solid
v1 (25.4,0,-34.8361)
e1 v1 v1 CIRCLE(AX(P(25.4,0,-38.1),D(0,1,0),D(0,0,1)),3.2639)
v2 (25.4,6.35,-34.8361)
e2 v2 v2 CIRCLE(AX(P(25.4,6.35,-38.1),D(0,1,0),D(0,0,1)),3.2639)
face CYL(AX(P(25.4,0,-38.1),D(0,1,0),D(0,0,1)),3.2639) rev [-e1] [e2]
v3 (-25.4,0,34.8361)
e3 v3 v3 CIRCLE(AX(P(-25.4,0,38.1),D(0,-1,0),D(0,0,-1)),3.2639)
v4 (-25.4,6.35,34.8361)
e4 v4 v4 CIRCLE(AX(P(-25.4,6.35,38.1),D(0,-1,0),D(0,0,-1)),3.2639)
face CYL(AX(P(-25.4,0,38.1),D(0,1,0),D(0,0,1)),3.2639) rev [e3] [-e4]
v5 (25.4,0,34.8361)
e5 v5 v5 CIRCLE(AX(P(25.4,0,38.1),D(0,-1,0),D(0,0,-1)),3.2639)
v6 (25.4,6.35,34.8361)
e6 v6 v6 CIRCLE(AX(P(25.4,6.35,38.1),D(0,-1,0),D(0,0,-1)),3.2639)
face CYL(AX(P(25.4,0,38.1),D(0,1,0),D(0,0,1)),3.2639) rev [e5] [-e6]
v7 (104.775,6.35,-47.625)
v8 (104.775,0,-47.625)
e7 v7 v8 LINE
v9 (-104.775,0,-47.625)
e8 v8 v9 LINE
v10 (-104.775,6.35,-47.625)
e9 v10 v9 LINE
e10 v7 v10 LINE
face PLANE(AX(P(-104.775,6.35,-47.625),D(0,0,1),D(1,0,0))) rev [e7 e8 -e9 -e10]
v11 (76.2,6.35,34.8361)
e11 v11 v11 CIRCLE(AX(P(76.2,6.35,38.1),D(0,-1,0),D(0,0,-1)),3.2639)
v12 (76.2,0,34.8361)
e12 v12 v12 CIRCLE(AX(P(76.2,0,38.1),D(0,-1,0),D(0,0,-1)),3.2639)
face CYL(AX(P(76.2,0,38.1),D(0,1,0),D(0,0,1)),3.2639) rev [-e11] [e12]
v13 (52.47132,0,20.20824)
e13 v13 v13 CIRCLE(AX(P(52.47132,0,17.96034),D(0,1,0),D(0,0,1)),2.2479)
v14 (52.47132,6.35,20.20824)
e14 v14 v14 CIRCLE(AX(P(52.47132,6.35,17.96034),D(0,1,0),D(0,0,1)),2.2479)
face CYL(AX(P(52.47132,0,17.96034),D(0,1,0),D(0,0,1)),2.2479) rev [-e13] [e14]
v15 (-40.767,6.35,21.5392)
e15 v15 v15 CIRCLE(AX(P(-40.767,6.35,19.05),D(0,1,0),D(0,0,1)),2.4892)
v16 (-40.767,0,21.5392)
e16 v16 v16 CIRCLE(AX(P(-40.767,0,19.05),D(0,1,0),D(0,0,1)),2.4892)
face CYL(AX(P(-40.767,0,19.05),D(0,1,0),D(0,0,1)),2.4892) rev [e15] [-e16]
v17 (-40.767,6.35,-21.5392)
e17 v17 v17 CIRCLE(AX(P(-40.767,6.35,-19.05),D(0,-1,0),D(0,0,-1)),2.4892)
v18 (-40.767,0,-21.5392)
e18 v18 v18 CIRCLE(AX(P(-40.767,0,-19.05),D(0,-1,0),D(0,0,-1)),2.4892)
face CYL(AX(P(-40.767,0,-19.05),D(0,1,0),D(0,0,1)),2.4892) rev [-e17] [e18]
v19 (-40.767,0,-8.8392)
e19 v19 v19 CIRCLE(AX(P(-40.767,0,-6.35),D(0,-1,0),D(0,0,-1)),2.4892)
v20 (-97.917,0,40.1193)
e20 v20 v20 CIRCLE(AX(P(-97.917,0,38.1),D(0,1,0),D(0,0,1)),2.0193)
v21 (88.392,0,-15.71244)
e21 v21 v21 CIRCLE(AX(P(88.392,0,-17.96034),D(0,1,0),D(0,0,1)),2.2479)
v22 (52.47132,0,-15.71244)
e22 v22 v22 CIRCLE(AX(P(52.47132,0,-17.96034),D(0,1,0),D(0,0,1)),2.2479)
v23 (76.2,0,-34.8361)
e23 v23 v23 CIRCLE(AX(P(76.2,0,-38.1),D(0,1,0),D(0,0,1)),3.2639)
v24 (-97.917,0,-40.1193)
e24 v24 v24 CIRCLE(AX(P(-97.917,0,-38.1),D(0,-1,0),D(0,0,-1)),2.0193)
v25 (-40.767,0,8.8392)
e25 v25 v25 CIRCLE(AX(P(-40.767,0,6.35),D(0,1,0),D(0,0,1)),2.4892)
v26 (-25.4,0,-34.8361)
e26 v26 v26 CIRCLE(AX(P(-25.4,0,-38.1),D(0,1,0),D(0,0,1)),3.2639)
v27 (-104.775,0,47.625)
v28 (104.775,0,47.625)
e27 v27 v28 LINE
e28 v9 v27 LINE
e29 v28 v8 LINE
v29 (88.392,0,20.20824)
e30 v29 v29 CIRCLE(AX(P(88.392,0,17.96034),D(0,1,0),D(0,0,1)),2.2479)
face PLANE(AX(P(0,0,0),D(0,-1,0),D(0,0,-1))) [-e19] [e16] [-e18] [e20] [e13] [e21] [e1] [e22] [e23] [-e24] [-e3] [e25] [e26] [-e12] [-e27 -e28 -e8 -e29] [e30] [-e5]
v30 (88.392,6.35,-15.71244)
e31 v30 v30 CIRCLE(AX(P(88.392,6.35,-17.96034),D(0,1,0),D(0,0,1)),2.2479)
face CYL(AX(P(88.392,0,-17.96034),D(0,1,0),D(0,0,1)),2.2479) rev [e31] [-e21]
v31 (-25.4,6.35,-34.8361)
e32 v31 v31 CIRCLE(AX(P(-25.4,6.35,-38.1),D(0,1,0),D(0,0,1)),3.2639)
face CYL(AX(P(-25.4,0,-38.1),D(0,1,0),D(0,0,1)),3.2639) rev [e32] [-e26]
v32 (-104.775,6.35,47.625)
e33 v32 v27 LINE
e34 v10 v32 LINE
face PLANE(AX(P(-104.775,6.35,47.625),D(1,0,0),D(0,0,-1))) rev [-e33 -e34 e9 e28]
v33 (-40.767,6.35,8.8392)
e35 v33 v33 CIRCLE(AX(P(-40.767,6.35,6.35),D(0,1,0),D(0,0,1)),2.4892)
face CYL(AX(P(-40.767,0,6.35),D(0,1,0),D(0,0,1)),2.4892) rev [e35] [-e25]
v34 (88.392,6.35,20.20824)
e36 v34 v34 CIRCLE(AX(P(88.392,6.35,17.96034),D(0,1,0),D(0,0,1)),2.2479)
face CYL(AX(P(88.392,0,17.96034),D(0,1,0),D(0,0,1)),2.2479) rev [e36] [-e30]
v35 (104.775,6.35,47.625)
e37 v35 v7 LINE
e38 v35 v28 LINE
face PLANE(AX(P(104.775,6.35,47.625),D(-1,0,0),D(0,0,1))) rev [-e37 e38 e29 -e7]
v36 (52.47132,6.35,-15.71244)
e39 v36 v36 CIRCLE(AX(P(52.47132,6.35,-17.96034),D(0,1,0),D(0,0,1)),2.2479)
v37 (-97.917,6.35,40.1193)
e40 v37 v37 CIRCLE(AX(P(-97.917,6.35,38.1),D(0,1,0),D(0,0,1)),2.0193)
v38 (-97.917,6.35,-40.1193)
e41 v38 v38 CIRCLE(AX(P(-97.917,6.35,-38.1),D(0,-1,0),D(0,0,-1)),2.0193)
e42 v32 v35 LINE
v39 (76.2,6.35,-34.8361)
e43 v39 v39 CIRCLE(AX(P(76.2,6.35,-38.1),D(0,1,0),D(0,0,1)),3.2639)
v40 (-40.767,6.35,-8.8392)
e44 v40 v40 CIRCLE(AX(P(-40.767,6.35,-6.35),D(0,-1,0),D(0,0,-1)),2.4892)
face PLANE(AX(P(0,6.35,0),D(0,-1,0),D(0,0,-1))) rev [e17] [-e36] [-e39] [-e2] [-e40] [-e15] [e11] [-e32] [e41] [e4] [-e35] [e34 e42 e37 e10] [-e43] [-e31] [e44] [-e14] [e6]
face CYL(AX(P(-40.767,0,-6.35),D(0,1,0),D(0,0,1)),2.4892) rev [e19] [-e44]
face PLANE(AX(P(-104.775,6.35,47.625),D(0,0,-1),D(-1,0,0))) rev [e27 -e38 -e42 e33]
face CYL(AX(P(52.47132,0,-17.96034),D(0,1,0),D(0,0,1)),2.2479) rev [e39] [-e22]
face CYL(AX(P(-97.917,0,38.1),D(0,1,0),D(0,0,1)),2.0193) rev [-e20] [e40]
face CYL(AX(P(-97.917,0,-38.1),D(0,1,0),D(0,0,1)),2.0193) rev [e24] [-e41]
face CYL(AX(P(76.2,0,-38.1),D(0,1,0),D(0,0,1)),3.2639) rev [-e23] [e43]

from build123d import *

# Parameters (mm, degrees)
SKETCH1_W           = 209.55
SKETCH1_H           = 95.25
BOSS_EXTRUDE1_DEPTH = 6.35
SKETCH2_R           = 2.0193
CUT_EXTRUDE1_DEPTH  = 7.35
SKETCH3_R           = 2.4892
CUT_EXTRUDE2_DEPTH  = 7.35
SKETCH4_R           = 2.2479
CUT_EXTRUDE3_DEPTH  = 7.35
SKETCH5_R           = 3.2639
CUT_EXTRUDE4_DEPTH  = 7.35


with BuildPart() as part:
    # Sketch1 → Boss-Extrude1 (new body)
    with BuildSketch(Plane(origin=(0, 0, 0), x_dir=(1, 0, 0), z_dir=(0, 1, 0))):
        Rectangle(SKETCH1_W, SKETCH1_H)
    extrude(amount=BOSS_EXTRUDE1_DEPTH)

    # Sketch2 → Cut-Extrude1 (cut, through all)
    with BuildSketch(Plane(origin=(0, 6.35, 0), x_dir=(1, 0, 0), z_dir=(0, 1, 0))):
        with Locations((-97.917, -38.1)):
            Circle(SKETCH2_R)
    cut_extrude1 = extrude(amount=-CUT_EXTRUDE1_DEPTH, mode=Mode.SUBTRACT)

    # Mirror1: Cut-Extrude1 across plane
    add(cut_extrude1.mirror(Plane.XY), mode=Mode.SUBTRACT)

    # Sketch3 → Cut-Extrude2 (cut, through all)
    with BuildSketch(Plane(origin=(0, 6.35, 0), x_dir=(1, 0, 0), z_dir=(0, 1, 0))):
        with Locations((-40.767, -6.35)):
            Circle(SKETCH3_R)
        with Locations((-40.767, -19.05)):
            Circle(SKETCH3_R)
    cut_extrude2 = extrude(amount=-CUT_EXTRUDE2_DEPTH, mode=Mode.SUBTRACT)

    # Mirror2: Cut-Extrude2 across plane
    add(cut_extrude2.mirror(Plane.XY), mode=Mode.SUBTRACT)

    # Sketch4 → Cut-Extrude3 (cut, through all)
    with BuildSketch(Plane(origin=(0, 6.35, 0), x_dir=(1, 0, 0), z_dir=(0, 1, 0))):
        with Locations((52.47132, 17.96034)):
            Circle(SKETCH4_R)
        with Locations((88.392, 17.96034)):
            Circle(SKETCH4_R)
        with Locations((88.392, -17.96034)):
            Circle(SKETCH4_R)
        with Locations((52.47132, -17.96034)):
            Circle(SKETCH4_R)
    extrude(amount=-CUT_EXTRUDE3_DEPTH, mode=Mode.SUBTRACT)

    # Sketch5 → Cut-Extrude4 (cut, through all)
    with BuildSketch(Plane(origin=(0, 6.35, 0), x_dir=(1, 0, 0), z_dir=(0, 1, 0))):
        with Locations((-25.4, 38.1)):
            Circle(SKETCH5_R)
        with Locations((25.4, 38.1)):
            Circle(SKETCH5_R)
        with Locations((76.2, 38.1)):
            Circle(SKETCH5_R)
    cut_extrude4 = extrude(amount=-CUT_EXTRUDE4_DEPTH, mode=Mode.SUBTRACT)

    # Mirror3: Cut-Extrude4 across plane
    add(cut_extrude4.mirror(Plane.XY), mode=Mode.SUBTRACT)


solid = part.part
